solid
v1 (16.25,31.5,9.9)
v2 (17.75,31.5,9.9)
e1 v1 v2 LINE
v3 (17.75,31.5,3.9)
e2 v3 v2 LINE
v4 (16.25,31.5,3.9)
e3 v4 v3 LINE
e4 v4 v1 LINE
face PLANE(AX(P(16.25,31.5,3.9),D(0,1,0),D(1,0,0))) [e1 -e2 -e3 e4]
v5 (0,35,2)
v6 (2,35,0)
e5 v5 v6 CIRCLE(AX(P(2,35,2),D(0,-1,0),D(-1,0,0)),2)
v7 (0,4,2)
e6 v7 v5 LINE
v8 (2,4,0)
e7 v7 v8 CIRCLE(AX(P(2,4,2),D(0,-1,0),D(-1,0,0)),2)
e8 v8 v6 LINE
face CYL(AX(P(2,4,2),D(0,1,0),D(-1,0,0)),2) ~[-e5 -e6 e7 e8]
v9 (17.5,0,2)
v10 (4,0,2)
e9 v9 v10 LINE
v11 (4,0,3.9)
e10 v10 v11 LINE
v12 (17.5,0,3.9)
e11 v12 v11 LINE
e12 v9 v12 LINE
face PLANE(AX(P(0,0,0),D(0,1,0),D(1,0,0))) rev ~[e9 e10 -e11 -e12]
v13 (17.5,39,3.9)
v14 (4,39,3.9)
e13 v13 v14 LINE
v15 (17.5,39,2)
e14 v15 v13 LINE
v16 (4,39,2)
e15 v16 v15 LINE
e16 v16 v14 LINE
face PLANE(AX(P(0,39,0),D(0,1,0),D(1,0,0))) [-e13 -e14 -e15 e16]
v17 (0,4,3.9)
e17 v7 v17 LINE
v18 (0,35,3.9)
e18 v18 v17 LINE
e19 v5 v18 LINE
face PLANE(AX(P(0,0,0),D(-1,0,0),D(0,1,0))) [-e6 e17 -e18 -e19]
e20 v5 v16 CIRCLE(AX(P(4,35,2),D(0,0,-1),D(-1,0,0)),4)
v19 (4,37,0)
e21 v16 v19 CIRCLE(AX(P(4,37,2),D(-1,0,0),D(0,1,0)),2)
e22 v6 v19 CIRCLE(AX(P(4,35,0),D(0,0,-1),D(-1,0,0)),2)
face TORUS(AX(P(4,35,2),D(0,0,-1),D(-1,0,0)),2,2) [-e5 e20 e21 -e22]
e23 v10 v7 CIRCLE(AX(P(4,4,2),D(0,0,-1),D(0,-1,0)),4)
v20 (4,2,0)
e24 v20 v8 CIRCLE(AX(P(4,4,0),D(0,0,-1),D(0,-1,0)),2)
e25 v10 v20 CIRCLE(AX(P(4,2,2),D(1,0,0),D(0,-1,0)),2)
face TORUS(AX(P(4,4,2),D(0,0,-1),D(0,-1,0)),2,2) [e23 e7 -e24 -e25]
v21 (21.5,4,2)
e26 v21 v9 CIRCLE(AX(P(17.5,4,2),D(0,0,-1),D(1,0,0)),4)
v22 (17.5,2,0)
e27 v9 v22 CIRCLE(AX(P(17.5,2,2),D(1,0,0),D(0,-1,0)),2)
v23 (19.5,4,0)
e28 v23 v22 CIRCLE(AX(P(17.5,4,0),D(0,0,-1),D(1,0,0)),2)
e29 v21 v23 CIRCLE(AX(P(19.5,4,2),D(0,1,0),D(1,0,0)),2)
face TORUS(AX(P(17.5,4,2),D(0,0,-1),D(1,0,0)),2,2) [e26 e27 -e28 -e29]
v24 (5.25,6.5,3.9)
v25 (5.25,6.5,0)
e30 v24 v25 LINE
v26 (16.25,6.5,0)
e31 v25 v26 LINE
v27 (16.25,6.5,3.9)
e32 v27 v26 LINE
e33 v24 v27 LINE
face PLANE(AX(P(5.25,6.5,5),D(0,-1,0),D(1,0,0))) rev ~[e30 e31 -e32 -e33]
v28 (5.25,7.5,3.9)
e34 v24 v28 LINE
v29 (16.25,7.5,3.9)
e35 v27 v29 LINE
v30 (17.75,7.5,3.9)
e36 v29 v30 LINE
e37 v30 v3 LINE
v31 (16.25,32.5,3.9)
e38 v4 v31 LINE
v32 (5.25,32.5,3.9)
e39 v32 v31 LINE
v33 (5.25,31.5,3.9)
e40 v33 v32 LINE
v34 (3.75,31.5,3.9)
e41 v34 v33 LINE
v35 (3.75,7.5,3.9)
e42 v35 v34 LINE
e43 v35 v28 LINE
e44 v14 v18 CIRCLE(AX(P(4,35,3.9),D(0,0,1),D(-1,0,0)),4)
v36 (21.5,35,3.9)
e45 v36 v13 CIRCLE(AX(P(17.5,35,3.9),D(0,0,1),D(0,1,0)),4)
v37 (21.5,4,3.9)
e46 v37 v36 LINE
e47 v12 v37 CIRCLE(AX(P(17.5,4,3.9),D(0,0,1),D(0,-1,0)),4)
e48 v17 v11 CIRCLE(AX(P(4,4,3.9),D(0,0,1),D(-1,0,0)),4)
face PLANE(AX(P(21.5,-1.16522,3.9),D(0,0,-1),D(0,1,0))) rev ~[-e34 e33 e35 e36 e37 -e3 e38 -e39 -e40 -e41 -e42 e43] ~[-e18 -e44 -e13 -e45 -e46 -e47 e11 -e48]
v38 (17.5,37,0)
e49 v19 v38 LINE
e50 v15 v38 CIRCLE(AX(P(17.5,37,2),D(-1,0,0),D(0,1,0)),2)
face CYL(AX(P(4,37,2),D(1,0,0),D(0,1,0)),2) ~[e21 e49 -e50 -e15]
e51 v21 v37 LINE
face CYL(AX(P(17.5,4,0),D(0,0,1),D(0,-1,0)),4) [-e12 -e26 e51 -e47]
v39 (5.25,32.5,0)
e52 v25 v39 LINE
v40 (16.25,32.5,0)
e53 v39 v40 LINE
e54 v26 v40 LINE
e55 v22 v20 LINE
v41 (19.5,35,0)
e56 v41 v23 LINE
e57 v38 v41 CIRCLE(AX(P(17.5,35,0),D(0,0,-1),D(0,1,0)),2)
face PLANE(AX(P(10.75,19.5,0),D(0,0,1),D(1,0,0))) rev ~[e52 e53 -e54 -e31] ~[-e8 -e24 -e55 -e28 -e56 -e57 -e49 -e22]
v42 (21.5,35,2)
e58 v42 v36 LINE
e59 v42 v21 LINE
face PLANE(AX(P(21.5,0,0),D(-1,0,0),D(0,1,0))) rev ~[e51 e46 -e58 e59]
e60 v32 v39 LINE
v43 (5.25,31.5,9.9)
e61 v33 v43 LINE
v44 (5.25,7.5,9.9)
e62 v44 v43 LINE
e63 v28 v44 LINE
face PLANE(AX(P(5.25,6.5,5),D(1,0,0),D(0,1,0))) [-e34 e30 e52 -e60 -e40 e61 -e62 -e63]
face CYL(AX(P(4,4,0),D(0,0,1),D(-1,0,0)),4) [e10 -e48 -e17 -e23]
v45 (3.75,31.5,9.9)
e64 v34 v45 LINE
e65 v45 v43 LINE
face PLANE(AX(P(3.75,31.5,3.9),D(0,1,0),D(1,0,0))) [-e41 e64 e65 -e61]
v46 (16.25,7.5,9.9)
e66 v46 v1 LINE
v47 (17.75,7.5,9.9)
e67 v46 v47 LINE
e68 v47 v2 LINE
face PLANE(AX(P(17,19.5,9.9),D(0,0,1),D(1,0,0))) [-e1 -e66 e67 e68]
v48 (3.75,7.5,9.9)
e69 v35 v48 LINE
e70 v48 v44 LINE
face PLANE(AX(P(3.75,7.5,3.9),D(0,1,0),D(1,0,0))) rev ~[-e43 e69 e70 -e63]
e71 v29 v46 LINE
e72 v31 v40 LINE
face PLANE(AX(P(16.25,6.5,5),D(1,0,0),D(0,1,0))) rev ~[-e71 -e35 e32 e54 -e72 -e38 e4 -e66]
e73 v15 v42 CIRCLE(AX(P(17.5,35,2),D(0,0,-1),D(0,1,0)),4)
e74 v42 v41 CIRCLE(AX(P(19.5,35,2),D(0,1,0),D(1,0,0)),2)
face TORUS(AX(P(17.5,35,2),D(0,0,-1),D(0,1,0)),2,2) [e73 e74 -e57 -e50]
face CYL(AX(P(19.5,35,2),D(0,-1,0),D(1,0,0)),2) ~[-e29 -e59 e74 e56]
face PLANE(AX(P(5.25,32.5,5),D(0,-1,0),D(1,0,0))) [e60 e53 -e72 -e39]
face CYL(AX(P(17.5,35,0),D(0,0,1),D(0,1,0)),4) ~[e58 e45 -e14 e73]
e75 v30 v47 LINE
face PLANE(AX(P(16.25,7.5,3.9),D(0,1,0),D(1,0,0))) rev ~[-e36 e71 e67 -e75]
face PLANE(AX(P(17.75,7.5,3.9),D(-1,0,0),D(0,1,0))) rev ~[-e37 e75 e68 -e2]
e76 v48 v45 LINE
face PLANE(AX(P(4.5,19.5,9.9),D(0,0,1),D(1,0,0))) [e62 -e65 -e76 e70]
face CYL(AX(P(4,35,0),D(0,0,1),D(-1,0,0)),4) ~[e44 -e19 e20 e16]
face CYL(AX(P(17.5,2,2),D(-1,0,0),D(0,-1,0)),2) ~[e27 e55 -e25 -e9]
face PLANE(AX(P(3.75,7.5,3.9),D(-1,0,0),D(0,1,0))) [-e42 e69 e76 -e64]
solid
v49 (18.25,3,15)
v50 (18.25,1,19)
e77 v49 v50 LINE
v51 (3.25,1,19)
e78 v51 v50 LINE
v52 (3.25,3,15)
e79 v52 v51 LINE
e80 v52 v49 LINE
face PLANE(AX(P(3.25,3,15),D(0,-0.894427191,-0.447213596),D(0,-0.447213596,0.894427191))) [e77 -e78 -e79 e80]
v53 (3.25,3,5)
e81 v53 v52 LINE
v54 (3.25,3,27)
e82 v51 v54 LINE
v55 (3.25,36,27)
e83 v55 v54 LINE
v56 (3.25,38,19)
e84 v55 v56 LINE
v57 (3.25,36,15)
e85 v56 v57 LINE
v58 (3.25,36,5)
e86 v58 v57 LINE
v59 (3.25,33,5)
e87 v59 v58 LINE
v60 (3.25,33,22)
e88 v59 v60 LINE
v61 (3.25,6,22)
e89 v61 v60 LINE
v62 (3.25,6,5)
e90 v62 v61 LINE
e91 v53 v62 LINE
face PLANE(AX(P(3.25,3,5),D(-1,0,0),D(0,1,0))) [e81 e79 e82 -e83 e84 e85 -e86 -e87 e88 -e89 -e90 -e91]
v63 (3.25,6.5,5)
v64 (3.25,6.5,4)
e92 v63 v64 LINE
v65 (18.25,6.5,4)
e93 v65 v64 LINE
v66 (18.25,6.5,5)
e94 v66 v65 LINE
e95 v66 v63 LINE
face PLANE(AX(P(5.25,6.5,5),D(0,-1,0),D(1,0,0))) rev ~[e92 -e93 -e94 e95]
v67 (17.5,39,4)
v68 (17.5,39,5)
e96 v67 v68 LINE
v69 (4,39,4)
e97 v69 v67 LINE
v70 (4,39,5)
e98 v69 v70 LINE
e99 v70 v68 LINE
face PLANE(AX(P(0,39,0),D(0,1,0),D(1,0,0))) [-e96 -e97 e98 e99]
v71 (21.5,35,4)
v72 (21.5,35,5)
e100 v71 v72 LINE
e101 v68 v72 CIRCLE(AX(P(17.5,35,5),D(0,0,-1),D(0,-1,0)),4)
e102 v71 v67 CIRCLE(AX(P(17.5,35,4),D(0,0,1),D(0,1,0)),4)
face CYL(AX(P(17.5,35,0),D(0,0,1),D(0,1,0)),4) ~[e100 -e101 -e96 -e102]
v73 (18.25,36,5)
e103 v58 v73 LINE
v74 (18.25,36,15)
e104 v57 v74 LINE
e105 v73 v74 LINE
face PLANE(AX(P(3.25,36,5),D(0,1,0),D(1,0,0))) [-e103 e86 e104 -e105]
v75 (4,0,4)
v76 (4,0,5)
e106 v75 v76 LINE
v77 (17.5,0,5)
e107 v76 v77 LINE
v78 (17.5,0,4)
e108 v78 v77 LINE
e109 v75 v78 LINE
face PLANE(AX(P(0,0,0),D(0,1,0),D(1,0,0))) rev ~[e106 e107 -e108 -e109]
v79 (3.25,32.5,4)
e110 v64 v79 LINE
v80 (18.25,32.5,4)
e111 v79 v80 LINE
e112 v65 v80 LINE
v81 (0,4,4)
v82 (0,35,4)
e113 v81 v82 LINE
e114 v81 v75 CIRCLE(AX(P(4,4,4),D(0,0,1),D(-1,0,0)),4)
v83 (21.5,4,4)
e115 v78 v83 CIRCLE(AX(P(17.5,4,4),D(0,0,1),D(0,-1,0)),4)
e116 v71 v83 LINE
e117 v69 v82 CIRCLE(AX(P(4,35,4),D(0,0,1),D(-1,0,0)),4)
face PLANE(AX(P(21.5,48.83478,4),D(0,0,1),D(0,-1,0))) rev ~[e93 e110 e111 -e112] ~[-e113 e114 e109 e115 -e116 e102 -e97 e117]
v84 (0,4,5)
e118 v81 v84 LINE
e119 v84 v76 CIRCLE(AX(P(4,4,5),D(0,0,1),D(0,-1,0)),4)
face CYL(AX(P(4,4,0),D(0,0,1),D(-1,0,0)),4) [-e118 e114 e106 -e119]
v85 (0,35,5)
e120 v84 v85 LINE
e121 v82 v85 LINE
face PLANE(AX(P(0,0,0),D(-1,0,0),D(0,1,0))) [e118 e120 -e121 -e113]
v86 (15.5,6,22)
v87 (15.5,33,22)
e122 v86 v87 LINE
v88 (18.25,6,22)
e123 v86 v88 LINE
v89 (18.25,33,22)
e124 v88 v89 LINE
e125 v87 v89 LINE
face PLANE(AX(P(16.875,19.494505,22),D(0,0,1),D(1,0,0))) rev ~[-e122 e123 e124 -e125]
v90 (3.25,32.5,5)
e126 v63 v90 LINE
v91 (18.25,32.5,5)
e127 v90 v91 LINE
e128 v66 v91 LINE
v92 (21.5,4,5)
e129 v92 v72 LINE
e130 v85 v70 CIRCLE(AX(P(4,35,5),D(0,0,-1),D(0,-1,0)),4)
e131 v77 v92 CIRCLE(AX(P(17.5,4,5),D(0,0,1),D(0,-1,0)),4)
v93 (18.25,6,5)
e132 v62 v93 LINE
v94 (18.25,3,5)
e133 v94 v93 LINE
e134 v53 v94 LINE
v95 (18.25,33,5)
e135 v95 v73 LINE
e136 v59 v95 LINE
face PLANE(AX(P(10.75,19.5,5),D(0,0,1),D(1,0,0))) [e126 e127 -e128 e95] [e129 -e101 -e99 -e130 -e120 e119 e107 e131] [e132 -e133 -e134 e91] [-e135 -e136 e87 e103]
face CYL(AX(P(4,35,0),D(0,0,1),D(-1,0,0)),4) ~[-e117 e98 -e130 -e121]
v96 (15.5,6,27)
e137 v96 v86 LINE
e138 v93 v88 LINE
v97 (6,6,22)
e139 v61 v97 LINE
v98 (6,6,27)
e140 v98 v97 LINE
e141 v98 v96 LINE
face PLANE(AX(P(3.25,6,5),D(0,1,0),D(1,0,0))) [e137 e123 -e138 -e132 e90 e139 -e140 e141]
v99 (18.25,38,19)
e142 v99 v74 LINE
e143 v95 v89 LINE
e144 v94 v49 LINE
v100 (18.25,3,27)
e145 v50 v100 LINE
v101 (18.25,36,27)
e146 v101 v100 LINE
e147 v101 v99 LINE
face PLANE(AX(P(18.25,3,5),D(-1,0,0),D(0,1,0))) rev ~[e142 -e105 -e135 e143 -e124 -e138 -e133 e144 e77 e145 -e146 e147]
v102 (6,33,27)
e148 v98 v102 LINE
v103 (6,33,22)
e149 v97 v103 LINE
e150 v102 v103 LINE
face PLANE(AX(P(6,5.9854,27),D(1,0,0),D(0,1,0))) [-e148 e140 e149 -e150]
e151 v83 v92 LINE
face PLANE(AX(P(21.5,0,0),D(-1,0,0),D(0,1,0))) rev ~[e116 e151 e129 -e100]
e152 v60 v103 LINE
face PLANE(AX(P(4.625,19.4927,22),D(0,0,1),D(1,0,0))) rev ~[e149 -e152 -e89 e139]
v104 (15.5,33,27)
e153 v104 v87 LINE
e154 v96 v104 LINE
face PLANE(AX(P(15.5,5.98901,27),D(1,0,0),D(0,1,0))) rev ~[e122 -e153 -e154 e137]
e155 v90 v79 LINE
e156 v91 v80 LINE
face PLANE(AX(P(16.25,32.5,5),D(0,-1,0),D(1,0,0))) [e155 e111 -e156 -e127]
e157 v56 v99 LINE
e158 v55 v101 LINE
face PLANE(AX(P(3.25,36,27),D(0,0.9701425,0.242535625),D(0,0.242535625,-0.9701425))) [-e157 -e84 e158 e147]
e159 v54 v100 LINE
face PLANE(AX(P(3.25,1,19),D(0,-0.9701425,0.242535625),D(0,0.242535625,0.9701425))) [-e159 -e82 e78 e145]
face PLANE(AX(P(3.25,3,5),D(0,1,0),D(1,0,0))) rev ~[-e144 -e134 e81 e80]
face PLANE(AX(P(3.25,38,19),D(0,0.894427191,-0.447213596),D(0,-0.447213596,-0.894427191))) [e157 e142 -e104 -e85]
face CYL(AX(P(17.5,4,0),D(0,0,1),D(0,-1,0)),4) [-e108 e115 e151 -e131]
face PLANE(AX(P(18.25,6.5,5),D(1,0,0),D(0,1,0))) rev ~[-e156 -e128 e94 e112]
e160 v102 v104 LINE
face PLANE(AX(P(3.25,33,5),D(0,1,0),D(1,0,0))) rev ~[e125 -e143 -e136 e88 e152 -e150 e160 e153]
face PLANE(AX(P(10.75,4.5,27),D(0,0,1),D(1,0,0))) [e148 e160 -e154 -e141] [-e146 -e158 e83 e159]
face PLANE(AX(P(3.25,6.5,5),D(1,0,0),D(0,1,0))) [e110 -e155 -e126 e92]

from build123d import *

# Parameters (mm, degrees)
F0_W      = 21.5
F0_H      = 39
F1_DEPTH  = 5
F2_W      = 15
F2_H      = 3
F3_DEPTH  = 22
F5_DEPTH  = 15
F6_R      = 4
F7_R      = 2
F8_W      = 11
F8_H      = 26
F9_DEPTH  = 6
F10_W     = 31
F10_H     = 0.1
F10_W_2   = 5.1652195826
F10_W_3   = 13.8347804174
F11_DEPTH = 40
F12_W     = 2.75
F12_H     = 27.0109900199
F12_H_2   = 27.0146002918
F13_DEPTH = 5
F14_W     = 2
F14_H     = 26
F15_DEPTH = 1
F16_W     = 1.5
F16_H     = 24
F17_DEPTH = 6


with BuildPart() as f1:
    # F0 (on Top) → F1 (new body)
    with BuildSketch(Plane.XY):
        with Locations((10.75, 19.5)):
            Rectangle(F0_W, F0_H)
    extrude(amount=F1_DEPTH)

    # F2 (on face) → F3 (join)
    with BuildSketch(Plane.XY.offset(5)):
        with Locations((10.75, 34.5)):
            Rectangle(F2_W, F2_H)
        with Locations((10.75, 4.5)):
            Rectangle(F2_W, F2_H)
    extrude(amount=F3_DEPTH)

    # F4 (on face) → F5 (join)
    with BuildSketch(Plane(origin=(3.25, 0, 0), x_dir=(0, -1, 0), z_dir=(-1, 0, 0))):
        Polygon((-36, 15), (-36, 27), (-38, 19), align=None)
        Polygon((-1, 19), (-3, 27), (-3, 15), align=None)
    extrude(amount=-F5_DEPTH)

    # F6
    f6_edges = [f1.edges().sort_by_distance(p)[0] for p in [
        (0, 39, 2.5),
        (0, 0, 2.5),
        (21.5, 0, 2.5),
        (21.5, 39, 2.5),
    ]]
    fillet(f6_edges, radius=F6_R)

    # F7
    f7_edges = [f1.edges().sort_by_distance(p)[0] for p in [
        (0, 19.5, 0),
        (1.171573, 37.828427, 0),
        (1.171573, 1.171573, 0),
        (10.75, 39, 0),
        (10.75, 0, 0),
        (20.328427, 37.828427, 0),
        (20.328427, 1.171573, 0),
        (21.5, 19.5, 0),
    ]]
    fillet(f7_edges, radius=F7_R)

    # F8 (on face) → F9 (cut)
    with BuildSketch(Plane.XY.offset(5)):
        with Locations((10.75, 19.5)):
            Rectangle(F8_W, F8_H)
    extrude(amount=-F9_DEPTH, mode=Mode.SUBTRACT)

    # F10 (on face) → F11 (cut)
    with BuildSketch(Plane.YZ.offset(21.5)):
        with Locations((19.5, 3.95)):
            Rectangle(F10_W, F10_H)
        with Locations((1.4173902087, 3.95)):
            Rectangle(F10_W_2, F10_H)
        with Locations((41.9173902087, 3.95)):
            Rectangle(F10_W_3, F10_H)
    extrude(amount=-F11_DEPTH, mode=Mode.SUBTRACT)

    # F12 (on face) → F13 (join)
    with BuildSketch(Plane.XY.offset(27)):
        with Locations((16.875, 19.4945049901)):
            Rectangle(F12_W, F12_H)
        with Locations((4.625, 19.4926998541)):
            Rectangle(F12_W, F12_H_2)
    extrude(amount=-F13_DEPTH)

    # F14 (on face) → F15 (cut)
    with BuildSketch(Plane.XY.offset(5)):
        with Locations((17.25, 19.5)):
            Rectangle(F14_W, F14_H)
        with Locations((4.25, 19.5)):
            Rectangle(F14_W, F14_H)
    extrude(amount=-F15_DEPTH, mode=Mode.SUBTRACT)

    # F16 (on face) → F17 (join)
    with BuildSketch(Plane.XY.offset(3.9)):
        with Locations((17, 19.5)):
            Rectangle(F16_W, F16_H)
        with Locations((4.5, 19.5)):
            Rectangle(F16_W, F16_H)
    extrude(amount=F17_DEPTH)


solid = f1.part
